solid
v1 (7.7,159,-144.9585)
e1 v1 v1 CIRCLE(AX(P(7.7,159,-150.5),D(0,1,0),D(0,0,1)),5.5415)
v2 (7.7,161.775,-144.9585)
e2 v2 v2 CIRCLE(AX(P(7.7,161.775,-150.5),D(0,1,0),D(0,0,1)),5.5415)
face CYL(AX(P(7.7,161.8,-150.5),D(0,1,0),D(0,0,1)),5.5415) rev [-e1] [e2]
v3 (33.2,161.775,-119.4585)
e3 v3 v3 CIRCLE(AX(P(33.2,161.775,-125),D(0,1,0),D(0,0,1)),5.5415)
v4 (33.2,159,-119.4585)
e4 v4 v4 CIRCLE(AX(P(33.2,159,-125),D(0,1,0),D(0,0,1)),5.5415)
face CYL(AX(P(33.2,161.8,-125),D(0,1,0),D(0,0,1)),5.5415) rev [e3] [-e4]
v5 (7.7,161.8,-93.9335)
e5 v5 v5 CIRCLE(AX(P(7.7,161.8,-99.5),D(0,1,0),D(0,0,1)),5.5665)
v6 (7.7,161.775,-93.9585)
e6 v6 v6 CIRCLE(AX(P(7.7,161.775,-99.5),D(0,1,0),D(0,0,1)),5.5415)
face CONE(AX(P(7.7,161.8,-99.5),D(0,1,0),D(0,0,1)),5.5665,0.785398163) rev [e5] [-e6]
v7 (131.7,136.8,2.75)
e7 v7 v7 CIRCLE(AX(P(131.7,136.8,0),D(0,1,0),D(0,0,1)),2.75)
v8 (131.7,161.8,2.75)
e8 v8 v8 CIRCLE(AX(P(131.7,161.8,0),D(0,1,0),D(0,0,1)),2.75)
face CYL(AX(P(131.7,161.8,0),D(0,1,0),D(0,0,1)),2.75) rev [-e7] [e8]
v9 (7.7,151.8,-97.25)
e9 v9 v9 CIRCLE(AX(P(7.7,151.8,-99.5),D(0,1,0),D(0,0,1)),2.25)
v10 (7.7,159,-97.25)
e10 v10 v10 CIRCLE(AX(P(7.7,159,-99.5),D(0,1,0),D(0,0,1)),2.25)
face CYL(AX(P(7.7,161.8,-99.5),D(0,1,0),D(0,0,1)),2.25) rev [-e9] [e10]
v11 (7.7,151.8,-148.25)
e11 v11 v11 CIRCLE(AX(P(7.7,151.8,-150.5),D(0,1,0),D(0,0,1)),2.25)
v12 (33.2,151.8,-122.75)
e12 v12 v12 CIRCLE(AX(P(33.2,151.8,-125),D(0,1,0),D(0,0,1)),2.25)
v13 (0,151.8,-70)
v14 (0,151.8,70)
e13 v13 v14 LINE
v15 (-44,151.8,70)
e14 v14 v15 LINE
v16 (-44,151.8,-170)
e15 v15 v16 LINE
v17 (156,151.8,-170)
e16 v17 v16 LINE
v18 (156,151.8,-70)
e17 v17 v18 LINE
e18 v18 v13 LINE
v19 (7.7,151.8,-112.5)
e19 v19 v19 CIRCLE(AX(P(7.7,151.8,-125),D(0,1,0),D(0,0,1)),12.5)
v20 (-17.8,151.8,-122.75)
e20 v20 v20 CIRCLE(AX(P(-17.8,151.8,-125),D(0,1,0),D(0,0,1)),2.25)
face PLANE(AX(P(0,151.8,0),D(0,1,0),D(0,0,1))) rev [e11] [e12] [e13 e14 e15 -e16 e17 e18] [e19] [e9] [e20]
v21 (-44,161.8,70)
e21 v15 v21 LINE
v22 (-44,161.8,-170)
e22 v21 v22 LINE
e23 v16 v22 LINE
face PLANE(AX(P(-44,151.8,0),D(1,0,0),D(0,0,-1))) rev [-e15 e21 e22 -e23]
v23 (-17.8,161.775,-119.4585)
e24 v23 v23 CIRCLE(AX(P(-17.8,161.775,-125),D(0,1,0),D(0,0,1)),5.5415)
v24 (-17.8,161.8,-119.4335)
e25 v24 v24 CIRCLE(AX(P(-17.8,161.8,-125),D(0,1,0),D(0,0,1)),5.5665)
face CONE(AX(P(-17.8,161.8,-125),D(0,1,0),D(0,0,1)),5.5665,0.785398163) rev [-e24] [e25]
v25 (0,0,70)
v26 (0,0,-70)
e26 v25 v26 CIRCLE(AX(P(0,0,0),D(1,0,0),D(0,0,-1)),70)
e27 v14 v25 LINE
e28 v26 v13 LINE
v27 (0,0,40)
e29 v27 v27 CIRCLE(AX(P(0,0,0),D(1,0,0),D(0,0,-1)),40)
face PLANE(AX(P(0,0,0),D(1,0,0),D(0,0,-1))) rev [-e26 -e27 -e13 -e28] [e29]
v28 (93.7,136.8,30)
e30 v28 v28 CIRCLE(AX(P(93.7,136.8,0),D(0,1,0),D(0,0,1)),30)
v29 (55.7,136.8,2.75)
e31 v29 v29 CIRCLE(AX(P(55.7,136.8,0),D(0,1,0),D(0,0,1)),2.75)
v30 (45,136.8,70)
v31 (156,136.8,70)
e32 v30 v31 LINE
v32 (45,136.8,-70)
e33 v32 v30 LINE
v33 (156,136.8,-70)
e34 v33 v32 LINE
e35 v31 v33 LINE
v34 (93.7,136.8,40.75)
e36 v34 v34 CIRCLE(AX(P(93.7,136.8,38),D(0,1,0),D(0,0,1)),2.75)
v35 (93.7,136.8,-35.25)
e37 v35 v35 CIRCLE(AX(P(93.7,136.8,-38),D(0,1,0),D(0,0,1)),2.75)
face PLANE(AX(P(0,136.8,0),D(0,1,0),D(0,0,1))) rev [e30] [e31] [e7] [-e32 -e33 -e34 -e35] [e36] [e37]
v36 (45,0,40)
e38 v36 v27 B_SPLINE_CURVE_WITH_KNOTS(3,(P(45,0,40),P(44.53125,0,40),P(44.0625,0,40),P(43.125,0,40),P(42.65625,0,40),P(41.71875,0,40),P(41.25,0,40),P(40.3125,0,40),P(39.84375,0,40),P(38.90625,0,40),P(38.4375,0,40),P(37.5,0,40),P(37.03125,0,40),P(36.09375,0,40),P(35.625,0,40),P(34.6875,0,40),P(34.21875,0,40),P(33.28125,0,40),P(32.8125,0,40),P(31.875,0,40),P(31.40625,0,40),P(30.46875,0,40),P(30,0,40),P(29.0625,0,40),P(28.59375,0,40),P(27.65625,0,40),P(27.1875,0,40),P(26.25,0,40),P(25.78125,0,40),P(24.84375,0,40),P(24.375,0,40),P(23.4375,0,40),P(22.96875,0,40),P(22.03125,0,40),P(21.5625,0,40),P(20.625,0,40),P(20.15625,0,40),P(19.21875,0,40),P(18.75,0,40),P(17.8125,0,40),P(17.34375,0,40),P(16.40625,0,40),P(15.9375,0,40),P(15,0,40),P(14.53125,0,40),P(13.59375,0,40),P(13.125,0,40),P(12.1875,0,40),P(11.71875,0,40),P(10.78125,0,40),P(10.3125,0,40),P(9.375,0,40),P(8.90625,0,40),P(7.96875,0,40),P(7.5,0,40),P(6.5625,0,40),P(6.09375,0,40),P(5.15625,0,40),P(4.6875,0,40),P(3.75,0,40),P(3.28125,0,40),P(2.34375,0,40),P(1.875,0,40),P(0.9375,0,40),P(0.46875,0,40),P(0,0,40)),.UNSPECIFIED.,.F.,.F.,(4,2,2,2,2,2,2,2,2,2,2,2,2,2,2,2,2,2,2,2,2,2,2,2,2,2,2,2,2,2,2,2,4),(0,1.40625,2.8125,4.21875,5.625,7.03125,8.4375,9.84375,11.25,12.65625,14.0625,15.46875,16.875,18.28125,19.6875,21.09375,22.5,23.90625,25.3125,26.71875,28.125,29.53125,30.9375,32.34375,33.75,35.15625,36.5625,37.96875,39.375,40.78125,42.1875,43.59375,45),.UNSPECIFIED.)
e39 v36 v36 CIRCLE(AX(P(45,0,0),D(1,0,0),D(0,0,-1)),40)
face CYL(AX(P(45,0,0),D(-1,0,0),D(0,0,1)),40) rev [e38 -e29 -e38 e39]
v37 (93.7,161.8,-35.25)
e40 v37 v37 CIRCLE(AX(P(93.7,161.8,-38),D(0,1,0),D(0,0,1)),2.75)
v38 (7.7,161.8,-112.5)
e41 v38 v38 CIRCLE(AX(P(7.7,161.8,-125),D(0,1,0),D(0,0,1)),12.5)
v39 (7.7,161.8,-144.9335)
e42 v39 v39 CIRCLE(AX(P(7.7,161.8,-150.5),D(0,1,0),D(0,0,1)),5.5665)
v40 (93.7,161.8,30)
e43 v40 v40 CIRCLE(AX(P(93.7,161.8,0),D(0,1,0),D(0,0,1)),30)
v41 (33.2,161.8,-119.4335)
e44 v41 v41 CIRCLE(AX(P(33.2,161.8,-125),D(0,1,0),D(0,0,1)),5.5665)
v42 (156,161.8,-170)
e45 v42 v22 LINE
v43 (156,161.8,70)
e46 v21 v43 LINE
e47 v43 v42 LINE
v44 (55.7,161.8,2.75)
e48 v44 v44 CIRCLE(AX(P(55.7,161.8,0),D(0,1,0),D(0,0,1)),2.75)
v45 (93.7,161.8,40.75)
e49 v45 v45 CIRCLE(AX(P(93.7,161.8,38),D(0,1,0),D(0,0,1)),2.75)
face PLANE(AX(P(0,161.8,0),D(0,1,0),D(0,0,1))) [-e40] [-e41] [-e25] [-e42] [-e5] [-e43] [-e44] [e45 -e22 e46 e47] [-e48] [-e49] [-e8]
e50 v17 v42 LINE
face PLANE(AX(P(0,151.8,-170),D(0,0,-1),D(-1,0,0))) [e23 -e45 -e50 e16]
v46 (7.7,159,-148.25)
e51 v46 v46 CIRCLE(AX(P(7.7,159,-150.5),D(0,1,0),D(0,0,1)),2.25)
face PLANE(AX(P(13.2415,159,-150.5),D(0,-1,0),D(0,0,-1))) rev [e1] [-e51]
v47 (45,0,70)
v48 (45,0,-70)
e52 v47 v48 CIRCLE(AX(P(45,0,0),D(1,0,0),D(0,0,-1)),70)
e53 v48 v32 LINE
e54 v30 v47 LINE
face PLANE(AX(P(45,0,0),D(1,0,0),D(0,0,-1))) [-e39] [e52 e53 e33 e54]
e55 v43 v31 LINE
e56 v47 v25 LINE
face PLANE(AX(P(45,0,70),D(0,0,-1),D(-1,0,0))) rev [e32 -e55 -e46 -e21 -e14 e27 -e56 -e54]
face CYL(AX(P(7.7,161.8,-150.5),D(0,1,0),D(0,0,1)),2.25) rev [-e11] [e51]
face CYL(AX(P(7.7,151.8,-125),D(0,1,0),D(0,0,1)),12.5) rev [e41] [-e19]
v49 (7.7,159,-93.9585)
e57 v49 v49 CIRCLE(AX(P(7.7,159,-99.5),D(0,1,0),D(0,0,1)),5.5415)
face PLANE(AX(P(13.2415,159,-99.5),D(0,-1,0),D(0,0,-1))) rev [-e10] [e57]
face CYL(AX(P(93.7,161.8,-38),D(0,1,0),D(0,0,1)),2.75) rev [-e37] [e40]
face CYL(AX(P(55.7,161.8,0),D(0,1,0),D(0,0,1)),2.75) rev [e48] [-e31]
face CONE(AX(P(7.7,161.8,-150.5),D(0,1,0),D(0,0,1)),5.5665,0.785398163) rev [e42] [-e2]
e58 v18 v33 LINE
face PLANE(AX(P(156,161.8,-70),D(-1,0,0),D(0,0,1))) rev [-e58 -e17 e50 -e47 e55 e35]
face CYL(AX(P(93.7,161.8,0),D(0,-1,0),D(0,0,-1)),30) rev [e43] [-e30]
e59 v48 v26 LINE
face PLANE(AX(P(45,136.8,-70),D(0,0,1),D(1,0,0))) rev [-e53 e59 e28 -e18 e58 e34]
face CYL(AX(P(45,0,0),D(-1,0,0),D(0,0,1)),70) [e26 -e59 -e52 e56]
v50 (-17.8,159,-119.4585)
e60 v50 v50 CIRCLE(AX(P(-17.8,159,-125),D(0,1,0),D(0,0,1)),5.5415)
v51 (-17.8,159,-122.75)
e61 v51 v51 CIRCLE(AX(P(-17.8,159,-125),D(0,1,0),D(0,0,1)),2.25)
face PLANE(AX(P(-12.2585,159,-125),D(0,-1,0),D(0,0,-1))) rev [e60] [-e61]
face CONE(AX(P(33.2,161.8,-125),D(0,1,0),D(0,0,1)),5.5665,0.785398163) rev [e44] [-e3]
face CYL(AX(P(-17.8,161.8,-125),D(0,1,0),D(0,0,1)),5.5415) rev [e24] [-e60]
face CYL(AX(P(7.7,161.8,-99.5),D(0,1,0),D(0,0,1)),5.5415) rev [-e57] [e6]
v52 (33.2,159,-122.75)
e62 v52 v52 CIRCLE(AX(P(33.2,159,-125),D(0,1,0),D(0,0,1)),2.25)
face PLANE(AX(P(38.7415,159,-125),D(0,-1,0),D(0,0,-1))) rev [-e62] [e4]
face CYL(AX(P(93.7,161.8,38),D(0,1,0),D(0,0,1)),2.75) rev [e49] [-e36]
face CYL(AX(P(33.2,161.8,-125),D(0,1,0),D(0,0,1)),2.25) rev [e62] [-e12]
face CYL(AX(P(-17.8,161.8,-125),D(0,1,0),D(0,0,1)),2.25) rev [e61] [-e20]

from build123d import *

# Parameters (mm, degrees)
SCHIZZO1_R                                   = 40
ESTRUSIONE_ESTRUSIONE1_DEPTH                 = 45
SCHIZZO2_W                                   = 156
SCHIZZO2_H                                   = 140
SCHIZZO2_R                                   = 30
ESTRUSIONE_ESTRUSIONE2_DEPTH                 = 25
ESTRUSIONE_ESTRUSIONE4_DEPTH                 = 10
SCHIZZO6_R                                   = 12.5
TAGLIO_ESTRUSIONE1_DEPTH                     = 10
FORO_LAMATO_PER_VITE_M4_A_TESTA_ESAG_2_COUNT = 2
FORO_LAMATO_PER_VITE_M4_A_TESTA_ESAG_2_PITCH = 36.062445841
FORO_LAMATO_PER_VITE_M4_A_TESTA_ESAG_3_COUNT = 2
FORO_LAMATO_PER_VITE_M4_A_TESTA_ESAG_3_PITCH = 51
FORO_LAMATO_PER_VITE_M4_A_TESTA_ESAG_4_COUNT = 2
FORO_LAMATO_PER_VITE_M4_A_TESTA_ESAG_4_PITCH = 36.062445841
FORO_PER_VITE_M5_1_D                         = 5.5


with BuildPart() as part:
    # Schizzo1 → Estrusione-Estrusione1 (new body)
    with BuildSketch(Plane(origin=(0, 0, 0), x_dir=(0, 0, -1), z_dir=(1, 0, 0))):
        with BuildLine():
            Line((-70, 0), (-70, 136.8))
            Line((-70, 136.8), (70, 136.8))
            Line((70, 136.8), (70, 0))
            ThreePointArc((70, 0), (0, -70), (-70, 0))
        make_face()
        with Locations(Location((0, 0, 0), (0, 0, 180))):
            Circle(SCHIZZO1_R, mode=Mode.SUBTRACT)
    extrude(amount=ESTRUSIONE_ESTRUSIONE1_DEPTH)

    # Schizzo2 → Estrusione-Estrusione2 (add)
    with BuildSketch(Plane(origin=(0, 136.8, 0), x_dir=(1, 0, 0), z_dir=(0, 1, 0))):
        with Locations((78, 0)):
            Rectangle(SCHIZZO2_W, SCHIZZO2_H)
        with Locations(Location((93.7, 0, 0), (0, 0, 270))):
            Circle(SCHIZZO2_R, mode=Mode.SUBTRACT)
    extrude(amount=ESTRUSIONE_ESTRUSIONE2_DEPTH)

    # Schizzo5 → Estrusione-Estrusione4 (add)
    with BuildSketch(Plane(origin=(0, 161.8, 0), x_dir=(1, 0, 0), z_dir=(0, 1, 0))):
        Polygon((156, 170), (156, 70), (0, 70), (0, -70), (-44, -70), (-44, 170), align=None)
    extrude(amount=-ESTRUSIONE_ESTRUSIONE4_DEPTH)

    # Schizzo6 → Taglio-Estrusione1 (cut)
    with BuildSketch(Plane(origin=(0, 161.8, 0), x_dir=(1, 0, 0), z_dir=(0, 1, 0))):
        with Locations(Location((7.7, 125, 0), (0, 0, 270))):
            Circle(SCHIZZO6_R)
    extrude(amount=-TAGLIO_ESTRUSIONE1_DEPTH, mode=Mode.SUBTRACT)

    # Schizzo8 → Foro lamato per Vite M4 a testa esagonale-1 (revolve, cut)
    with BuildSketch(Plane(origin=(7.7, 161.8, -150.5), x_dir=(0, 0, 1), z_dir=(1, 0, 0))):
        Polygon((0, 0), (0, 231.8), (2.25, 231.8), (2.25, 2.8), (5.5415, 2.8), (5.5415, 0.025), (5.5665, 0), align=None)
    foro_lamato_per_vite_m4_a_testa_esagonal = revolve(axis=Axis((7.7, 168.15, -150.5), (0, -1, 0)), mode=Mode.SUBTRACT)

    # Foro lamato per Vite M4 a testa esag 2: Foro lamato per Vite M4 a testa esagonale-1 ×2
    with Locations(*[Vector(-0.7071067811865476, 0, 0.7071067811865476) * (i * FORO_LAMATO_PER_VITE_M4_A_TESTA_ESAG_2_PITCH) for i in range(1, FORO_LAMATO_PER_VITE_M4_A_TESTA_ESAG_2_COUNT)]):
        add(foro_lamato_per_vite_m4_a_testa_esagonal, mode=Mode.SUBTRACT)

    # Foro lamato per Vite M4 a testa esag 3: Foro lamato per Vite M4 a testa esagonale-1 ×2
    with Locations(*[(0, 0, i * FORO_LAMATO_PER_VITE_M4_A_TESTA_ESAG_3_PITCH) for i in range(1, FORO_LAMATO_PER_VITE_M4_A_TESTA_ESAG_3_COUNT)]):
        add(foro_lamato_per_vite_m4_a_testa_esagonal, mode=Mode.SUBTRACT)

    # Foro lamato per Vite M4 a testa esag 4: Foro lamato per Vite M4 a testa esagonale-1 ×2
    with Locations(*[Vector(0.7071067811865475, 0, 0.7071067811865476) * (i * FORO_LAMATO_PER_VITE_M4_A_TESTA_ESAG_4_PITCH) for i in range(1, FORO_LAMATO_PER_VITE_M4_A_TESTA_ESAG_4_COUNT)]):
        add(foro_lamato_per_vite_m4_a_testa_esagonal, mode=Mode.SUBTRACT)

    # Foro per Vite M5-1 (through all)
    with Locations(Plane(origin=(0, 161.8, 0), x_dir=(1, 0, 0), z_dir=(0, 1, 0))):
        with Locations((93.7, 38), (93.7, -38), (55.7, 0), (131.7, 0)):
            Hole(FORO_PER_VITE_M5_1_D / 2)


solid = part.part
